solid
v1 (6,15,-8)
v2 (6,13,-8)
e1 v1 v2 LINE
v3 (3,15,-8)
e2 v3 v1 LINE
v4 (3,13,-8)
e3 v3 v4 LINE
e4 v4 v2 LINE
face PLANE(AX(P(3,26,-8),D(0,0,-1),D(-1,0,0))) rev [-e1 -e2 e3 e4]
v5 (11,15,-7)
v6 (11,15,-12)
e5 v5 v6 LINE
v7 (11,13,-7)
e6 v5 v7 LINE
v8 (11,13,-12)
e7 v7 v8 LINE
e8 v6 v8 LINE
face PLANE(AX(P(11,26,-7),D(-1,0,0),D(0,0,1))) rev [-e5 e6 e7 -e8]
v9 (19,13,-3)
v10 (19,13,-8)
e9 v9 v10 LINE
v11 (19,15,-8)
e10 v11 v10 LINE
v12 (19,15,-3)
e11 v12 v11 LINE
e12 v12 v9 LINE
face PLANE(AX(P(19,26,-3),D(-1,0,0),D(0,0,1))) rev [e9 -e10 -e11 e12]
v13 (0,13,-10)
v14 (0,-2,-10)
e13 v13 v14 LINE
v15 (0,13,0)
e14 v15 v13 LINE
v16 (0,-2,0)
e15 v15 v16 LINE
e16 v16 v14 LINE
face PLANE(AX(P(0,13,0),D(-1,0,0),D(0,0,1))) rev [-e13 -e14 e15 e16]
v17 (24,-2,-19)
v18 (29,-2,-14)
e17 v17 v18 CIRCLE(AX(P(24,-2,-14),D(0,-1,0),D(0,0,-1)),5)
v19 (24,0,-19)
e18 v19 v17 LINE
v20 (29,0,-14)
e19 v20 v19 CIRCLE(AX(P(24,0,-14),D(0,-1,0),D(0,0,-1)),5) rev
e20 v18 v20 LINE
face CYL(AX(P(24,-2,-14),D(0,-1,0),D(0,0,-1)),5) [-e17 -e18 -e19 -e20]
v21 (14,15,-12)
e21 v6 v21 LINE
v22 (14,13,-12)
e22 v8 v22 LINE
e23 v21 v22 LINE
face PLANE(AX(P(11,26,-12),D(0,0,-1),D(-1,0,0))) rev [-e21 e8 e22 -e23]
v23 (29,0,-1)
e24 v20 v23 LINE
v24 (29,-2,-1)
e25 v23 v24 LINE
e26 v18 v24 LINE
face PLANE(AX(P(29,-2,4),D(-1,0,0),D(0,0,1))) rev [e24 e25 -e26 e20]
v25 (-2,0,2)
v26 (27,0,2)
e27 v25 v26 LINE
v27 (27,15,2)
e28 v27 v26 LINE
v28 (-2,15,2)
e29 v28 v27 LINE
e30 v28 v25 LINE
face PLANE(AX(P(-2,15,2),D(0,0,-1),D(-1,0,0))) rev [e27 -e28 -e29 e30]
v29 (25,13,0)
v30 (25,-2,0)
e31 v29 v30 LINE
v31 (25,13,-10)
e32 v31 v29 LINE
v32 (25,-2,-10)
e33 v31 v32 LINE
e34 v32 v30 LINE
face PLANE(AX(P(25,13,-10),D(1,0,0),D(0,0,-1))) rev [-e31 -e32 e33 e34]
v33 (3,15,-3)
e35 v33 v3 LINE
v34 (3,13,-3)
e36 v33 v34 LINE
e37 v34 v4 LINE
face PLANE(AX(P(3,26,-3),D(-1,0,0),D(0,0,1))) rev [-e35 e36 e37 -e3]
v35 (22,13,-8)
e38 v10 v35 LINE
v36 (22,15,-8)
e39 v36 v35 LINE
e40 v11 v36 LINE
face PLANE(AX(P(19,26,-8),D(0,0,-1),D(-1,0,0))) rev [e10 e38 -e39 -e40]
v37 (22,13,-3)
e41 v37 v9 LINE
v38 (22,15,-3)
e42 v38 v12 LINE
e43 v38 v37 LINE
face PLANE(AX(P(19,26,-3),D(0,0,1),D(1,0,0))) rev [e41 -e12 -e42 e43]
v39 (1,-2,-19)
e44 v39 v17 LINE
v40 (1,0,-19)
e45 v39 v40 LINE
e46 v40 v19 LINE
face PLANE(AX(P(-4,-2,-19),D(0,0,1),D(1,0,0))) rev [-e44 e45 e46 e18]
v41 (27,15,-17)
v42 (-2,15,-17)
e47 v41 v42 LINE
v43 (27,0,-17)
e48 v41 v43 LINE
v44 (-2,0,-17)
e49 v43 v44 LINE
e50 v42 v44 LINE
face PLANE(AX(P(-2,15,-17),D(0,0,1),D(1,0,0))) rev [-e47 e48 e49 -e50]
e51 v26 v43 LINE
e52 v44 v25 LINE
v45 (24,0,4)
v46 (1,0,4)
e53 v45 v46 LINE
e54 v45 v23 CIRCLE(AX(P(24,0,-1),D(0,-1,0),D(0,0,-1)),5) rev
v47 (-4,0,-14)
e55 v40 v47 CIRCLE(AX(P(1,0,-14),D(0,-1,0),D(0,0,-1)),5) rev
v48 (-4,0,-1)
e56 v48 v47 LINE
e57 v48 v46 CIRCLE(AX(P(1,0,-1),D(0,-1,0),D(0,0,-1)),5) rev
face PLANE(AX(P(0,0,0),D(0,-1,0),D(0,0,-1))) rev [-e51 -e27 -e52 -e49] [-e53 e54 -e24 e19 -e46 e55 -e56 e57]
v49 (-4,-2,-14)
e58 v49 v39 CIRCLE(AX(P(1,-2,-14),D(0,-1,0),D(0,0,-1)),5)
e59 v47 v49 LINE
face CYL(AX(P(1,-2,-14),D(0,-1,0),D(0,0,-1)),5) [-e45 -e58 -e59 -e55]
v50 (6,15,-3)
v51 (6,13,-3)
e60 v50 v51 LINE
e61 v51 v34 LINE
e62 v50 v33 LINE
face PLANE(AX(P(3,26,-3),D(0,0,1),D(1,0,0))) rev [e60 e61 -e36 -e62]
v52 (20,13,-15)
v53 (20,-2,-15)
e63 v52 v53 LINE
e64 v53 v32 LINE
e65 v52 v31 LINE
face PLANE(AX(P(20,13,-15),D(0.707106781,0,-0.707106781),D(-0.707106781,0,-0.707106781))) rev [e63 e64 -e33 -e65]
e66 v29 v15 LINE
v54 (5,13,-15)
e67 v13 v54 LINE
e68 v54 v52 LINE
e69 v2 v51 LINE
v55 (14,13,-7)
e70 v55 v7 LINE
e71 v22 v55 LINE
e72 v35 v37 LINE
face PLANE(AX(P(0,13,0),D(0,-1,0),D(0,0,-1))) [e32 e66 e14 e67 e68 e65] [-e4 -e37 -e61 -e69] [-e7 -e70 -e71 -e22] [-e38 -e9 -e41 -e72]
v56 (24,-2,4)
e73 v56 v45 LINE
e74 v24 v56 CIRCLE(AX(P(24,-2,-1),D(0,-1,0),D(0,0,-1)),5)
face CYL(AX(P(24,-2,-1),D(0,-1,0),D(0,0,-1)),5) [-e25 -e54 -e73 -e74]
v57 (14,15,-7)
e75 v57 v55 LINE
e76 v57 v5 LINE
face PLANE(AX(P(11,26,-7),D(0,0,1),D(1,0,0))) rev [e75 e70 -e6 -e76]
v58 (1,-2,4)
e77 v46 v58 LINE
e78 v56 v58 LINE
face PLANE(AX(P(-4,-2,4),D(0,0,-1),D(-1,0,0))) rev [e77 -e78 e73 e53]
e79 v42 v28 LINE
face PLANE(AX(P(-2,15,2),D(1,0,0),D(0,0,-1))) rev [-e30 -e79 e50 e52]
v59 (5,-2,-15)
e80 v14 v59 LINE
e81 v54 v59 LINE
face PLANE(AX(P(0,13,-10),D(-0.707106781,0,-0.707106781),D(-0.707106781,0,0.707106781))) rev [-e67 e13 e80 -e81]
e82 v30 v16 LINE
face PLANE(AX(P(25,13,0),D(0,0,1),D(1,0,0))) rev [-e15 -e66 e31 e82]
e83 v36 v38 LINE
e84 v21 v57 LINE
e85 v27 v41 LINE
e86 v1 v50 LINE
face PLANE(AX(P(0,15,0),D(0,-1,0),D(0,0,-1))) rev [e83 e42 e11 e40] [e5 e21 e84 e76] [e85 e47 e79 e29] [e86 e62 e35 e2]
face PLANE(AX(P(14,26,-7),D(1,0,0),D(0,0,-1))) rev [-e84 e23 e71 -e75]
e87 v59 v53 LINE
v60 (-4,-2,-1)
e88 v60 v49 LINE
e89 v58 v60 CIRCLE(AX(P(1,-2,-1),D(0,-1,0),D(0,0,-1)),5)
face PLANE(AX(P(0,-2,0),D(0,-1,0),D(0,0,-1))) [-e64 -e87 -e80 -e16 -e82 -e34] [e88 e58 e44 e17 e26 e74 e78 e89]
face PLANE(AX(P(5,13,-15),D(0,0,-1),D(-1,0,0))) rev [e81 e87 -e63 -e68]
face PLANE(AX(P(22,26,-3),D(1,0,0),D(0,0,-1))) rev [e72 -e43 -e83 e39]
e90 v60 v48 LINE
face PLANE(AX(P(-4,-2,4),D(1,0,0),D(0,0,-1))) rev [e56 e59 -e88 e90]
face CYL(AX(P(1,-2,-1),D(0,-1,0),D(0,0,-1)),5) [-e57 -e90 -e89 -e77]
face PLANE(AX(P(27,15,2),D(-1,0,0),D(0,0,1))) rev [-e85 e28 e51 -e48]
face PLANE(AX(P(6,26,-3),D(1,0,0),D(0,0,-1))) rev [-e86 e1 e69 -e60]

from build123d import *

# Parameters (mm, degrees)
SKETCH2_W           = 29
SKETCH2_H           = 19
BOSS_EXTRUDE1_DEPTH = 15
CUT_EXTRUDE1_DEPTH  = 13
SKETCH4_W           = 3
SKETCH4_H           = 5
CUT_EXTRUDE2_DEPTH  = 13
SKETCH5_W           = 33
SKETCH5_H           = 23
BOSS_EXTRUDE2_DEPTH = 2
FILLET1_R           = 5
FILLET2_R           = 5
FILLET3_R           = 5
FILLET4_R           = 5


with BuildPart() as part:
    # Sketch2 → Boss-Extrude1 (new body)
    with BuildSketch(Plane(origin=(0, 0, 0), x_dir=(1, 0, 0), z_dir=(0, 1, 0))):
        with Locations((12.5, 7.5)):
            Rectangle(SKETCH2_W, SKETCH2_H)
    extrude(amount=BOSS_EXTRUDE1_DEPTH)

    # Sketch3 → Cut-Extrude1 (cut)
    with BuildSketch(Plane.XZ):
        Polygon((0, 0), (0, -10), (5, -15), (20, -15), (25, -10), (25, 0), align=None)
    extrude(amount=-CUT_EXTRUDE1_DEPTH, mode=Mode.SUBTRACT)

    # Sketch4 → Cut-Extrude2 (cut)
    with BuildSketch(Plane.XZ.offset(-13)):
        with Locations((4.5, -5.5)):
            Rectangle(SKETCH4_W, SKETCH4_H)
        with Locations((12.5, -9.5)):
            Rectangle(SKETCH4_W, SKETCH4_H)
        with Locations((20.5, -5.5)):
            Rectangle(SKETCH4_W, SKETCH4_H)
    extrude(amount=-CUT_EXTRUDE2_DEPTH, mode=Mode.SUBTRACT)

    # Sketch5 → Boss-Extrude2 (add)
    with BuildSketch(Plane.XZ):
        with Locations((12.5, -7.5)):
            Rectangle(SKETCH5_W, SKETCH5_H)
        Polygon((0, 0), (0, -10), (5, -15), (20, -15), (25, -10), (25, 0), align=None, mode=Mode.SUBTRACT)
    extrude(amount=BOSS_EXTRUDE2_DEPTH)

    # Fillet1
    fillet1_edges = [part.edges().sort_by_distance(p)[0] for p in [
        (29, -1, -19),
    ]]
    fillet(fillet1_edges, radius=FILLET1_R)

    # Fillet2
    fillet2_edges = [part.edges().sort_by_distance(p)[0] for p in [
        (29, -1, 4),
    ]]
    fillet(fillet2_edges, radius=FILLET2_R)

    # Fillet3
    fillet3_edges = [part.edges().sort_by_distance(p)[0] for p in [
        (-4, -1, 4),
    ]]
    fillet(fillet3_edges, radius=FILLET3_R)

    # Fillet4
    fillet4_edges = [part.edges().sort_by_distance(p)[0] for p in [
        (-4, -1, -19),
    ]]
    fillet(fillet4_edges, radius=FILLET4_R)


solid = part.part
